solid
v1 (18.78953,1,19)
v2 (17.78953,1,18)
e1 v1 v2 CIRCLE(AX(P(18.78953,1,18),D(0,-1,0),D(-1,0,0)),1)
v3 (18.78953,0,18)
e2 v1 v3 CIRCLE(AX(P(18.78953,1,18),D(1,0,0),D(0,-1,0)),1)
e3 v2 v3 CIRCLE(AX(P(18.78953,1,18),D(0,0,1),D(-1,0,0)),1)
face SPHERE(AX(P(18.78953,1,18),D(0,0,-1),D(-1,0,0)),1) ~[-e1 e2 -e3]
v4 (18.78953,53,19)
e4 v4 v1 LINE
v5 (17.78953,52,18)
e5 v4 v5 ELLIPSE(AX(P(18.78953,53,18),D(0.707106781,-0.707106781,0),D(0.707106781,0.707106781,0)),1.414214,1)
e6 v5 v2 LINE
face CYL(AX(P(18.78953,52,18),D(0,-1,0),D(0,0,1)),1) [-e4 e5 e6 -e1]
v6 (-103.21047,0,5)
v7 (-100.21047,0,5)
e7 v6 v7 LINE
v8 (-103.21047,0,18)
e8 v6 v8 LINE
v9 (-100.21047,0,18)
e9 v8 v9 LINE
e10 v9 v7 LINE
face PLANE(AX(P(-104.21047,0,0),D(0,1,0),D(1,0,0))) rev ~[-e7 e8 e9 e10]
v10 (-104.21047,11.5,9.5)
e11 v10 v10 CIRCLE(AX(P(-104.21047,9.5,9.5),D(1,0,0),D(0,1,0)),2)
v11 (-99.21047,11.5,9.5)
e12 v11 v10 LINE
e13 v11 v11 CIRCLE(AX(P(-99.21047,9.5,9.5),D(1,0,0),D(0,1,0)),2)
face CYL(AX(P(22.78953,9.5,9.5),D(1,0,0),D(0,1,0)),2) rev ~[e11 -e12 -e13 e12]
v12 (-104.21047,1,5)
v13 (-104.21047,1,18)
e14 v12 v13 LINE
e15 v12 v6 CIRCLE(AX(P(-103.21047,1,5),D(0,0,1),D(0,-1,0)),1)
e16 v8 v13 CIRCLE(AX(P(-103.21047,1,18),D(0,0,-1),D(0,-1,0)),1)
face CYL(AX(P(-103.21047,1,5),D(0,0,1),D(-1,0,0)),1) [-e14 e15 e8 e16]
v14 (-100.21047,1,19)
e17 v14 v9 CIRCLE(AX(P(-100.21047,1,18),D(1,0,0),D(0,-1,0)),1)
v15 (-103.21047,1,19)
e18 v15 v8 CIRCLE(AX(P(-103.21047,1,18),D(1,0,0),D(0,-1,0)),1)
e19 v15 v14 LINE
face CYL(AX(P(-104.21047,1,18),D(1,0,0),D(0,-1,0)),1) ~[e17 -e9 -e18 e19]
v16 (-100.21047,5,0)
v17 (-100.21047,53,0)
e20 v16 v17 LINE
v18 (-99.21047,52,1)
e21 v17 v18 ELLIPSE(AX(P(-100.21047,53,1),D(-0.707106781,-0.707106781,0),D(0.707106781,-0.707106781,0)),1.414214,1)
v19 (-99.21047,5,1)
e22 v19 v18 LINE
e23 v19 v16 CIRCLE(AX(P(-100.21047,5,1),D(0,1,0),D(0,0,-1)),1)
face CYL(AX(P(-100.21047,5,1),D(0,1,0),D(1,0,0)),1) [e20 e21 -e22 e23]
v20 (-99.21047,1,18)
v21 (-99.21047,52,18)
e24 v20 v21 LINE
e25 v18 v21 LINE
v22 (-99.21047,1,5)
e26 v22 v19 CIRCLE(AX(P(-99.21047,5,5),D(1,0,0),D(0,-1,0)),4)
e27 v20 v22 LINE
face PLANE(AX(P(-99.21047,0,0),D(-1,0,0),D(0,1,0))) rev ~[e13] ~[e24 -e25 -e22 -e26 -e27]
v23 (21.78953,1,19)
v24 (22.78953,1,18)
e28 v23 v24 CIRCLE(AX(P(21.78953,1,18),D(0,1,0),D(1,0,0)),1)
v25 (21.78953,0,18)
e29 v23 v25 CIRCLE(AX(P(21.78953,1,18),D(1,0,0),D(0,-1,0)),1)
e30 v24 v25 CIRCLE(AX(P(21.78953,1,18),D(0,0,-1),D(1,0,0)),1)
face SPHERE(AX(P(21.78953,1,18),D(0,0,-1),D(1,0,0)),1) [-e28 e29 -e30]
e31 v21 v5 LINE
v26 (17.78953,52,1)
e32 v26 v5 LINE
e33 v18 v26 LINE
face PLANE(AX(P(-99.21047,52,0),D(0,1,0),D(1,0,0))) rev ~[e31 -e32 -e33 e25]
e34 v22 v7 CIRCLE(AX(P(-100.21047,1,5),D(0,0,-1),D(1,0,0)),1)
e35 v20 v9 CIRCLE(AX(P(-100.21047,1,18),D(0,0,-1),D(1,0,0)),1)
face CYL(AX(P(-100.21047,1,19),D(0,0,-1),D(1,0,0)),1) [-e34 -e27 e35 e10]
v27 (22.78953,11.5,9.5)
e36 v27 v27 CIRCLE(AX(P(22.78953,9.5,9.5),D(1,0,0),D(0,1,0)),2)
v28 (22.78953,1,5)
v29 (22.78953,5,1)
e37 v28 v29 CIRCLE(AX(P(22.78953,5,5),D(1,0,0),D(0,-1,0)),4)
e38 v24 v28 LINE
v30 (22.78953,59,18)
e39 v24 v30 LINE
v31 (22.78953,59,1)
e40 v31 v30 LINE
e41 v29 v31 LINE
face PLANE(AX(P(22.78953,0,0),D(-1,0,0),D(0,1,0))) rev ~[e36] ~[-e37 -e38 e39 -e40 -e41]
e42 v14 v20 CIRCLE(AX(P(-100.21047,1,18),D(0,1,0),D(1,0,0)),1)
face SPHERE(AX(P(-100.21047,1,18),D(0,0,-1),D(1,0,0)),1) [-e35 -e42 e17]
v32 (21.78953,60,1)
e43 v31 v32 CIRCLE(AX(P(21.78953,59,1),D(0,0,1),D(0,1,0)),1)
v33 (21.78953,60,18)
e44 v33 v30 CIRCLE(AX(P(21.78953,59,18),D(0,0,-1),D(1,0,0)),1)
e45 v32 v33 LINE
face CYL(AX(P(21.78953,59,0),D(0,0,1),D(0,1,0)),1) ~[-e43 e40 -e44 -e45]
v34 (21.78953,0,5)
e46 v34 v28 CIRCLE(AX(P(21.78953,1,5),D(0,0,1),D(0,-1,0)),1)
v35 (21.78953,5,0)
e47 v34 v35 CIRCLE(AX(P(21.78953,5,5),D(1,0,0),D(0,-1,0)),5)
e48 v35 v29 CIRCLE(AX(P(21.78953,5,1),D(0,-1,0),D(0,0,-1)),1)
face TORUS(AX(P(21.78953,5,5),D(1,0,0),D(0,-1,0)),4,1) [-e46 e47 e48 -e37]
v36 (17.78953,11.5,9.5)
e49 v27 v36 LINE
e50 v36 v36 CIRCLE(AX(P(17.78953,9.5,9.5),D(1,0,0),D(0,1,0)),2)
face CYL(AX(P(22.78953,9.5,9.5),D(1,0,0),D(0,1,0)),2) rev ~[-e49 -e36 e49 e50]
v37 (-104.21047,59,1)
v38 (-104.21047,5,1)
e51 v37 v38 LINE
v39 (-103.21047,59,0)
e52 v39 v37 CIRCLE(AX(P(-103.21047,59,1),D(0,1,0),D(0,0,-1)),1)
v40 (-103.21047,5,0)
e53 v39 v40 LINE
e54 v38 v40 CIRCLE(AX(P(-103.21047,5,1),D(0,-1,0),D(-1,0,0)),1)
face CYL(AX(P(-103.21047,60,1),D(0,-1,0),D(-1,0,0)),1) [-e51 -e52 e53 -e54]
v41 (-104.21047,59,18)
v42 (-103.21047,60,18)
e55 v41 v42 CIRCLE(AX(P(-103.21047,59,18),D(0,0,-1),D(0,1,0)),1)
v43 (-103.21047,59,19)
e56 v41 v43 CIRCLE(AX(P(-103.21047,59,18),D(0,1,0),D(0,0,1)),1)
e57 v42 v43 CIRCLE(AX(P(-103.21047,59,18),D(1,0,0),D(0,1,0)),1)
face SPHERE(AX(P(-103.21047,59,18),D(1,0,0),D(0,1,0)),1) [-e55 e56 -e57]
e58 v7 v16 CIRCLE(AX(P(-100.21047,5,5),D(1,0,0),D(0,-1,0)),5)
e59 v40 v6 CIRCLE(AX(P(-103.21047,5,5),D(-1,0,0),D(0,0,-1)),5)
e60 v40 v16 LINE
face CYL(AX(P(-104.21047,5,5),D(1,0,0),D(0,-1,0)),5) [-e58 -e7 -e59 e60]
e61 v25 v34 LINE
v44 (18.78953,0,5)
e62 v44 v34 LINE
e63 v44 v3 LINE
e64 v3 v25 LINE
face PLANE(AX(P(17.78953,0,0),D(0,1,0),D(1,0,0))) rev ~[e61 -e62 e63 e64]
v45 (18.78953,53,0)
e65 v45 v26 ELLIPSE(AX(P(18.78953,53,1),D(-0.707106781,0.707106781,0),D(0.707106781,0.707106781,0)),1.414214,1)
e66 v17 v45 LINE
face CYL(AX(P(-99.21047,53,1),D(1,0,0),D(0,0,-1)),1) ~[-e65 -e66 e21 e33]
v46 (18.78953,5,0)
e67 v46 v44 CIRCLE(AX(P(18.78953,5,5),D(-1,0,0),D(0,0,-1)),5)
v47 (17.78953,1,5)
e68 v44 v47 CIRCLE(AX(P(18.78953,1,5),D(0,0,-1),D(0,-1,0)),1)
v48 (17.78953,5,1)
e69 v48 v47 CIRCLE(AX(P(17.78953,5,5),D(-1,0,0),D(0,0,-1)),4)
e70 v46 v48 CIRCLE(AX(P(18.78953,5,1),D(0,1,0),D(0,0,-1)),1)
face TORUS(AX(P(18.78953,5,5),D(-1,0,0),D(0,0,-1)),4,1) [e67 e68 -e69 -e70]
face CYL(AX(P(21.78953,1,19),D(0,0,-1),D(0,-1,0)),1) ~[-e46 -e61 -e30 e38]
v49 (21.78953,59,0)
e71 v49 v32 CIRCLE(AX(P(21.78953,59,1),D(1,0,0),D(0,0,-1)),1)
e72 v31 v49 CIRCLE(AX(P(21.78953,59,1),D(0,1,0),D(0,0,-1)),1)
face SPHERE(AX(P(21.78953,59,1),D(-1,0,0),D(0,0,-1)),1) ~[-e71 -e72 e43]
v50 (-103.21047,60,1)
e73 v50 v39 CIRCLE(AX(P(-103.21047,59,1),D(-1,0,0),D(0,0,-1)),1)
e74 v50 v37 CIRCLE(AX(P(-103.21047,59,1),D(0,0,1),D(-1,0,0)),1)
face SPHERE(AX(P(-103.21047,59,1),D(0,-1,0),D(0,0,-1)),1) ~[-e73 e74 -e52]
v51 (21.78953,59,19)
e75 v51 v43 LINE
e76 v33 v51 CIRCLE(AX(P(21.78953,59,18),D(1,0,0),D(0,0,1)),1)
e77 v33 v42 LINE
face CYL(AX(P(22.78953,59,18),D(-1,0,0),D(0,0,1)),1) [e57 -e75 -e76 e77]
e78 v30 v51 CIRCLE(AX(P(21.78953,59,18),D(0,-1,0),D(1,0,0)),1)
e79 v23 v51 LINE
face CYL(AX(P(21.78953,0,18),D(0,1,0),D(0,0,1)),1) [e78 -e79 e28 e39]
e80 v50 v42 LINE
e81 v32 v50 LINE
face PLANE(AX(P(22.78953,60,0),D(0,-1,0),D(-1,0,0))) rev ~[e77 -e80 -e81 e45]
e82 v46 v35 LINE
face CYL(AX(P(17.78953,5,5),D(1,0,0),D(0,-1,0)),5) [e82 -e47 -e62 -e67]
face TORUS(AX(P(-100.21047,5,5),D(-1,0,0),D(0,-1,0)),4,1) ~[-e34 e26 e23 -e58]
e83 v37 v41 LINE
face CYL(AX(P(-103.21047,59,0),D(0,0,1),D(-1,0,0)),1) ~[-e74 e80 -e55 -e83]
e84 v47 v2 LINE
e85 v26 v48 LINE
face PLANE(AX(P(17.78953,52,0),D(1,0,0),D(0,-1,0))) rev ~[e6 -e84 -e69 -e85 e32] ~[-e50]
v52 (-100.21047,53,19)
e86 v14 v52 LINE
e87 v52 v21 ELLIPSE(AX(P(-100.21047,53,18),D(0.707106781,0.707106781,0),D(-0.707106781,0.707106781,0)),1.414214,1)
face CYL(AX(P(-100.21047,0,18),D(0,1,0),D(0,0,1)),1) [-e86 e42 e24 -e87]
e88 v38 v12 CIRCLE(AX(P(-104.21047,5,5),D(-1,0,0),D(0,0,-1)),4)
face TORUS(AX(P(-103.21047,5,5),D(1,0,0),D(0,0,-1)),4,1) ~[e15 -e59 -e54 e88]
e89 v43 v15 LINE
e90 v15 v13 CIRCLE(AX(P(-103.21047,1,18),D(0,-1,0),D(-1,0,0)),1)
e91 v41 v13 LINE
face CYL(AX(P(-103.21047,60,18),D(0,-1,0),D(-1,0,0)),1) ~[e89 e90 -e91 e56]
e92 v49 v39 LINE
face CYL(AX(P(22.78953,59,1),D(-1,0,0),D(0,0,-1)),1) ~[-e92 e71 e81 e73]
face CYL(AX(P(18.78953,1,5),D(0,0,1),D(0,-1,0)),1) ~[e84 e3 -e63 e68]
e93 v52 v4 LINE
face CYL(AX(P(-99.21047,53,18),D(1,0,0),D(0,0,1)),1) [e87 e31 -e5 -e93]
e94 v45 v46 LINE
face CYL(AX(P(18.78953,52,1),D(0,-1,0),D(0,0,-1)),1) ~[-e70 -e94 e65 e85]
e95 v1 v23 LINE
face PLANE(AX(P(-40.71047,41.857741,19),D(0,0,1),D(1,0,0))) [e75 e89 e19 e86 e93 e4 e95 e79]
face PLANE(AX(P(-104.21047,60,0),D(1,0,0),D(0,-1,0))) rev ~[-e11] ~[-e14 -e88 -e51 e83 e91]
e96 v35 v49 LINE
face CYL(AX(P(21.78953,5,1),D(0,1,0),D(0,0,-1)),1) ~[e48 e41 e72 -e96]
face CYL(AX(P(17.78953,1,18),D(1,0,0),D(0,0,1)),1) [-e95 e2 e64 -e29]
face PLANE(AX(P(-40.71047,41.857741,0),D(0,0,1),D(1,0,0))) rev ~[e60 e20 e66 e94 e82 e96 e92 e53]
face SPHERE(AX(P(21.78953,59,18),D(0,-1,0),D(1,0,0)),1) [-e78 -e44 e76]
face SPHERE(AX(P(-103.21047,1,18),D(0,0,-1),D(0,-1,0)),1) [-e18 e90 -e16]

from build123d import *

# Parameters (mm, degrees)
PAD_DEPTH    = 19
FILLET_R     = 5
FILLET001_R  = 1
SKETCH001_R  = 2
POCKET_DEPTH = 127.001


with BuildPart() as part:
    # Sketch → Pad (new body)
    with BuildSketch(Plane.XY):
        Polygon((-104.21047, 0), (-99.21047, 0), (-99.21047, 52), (17.78953, 52), (17.78953, 0), (22.78953, 0), (22.78953, 60), (-104.21047, 60), align=None)
    extrude(amount=PAD_DEPTH)

    # Fillet
    fillet_edges = [part.edges().sort_by_distance(p)[0] for p in [
        (-101.71047, 0, 0),
        (20.28953, 0, 0),
    ]]
    fillet(fillet_edges, radius=FILLET_R)

    # Fillet001
    fillet001_edges = [part.edges().sort_by_distance(p)[0] for p in [
        (-40.71047, 52, 0),
        (17.78953, 28.5, 0),
        (-99.21047, 28.5, 0),
        (-99.21047, 26, 19),
        (-40.71047, 52, 19),
        (-104.21047, 32.5, 0),
        (-40.71047, 60, 0),
        (22.78953, 32.5, 0),
        (22.78953, 1.464466, 1.464466),
        (17.78953, 1.464466, 1.464466),
        (22.78953, 30, 19),
        (22.78953, 60, 9.5),
        (-40.71047, 60, 19),
        (-104.21047, 60, 9.5),
        (17.78953, 26, 19),
        (20.28953, 0, 19),
        (-101.71047, 0, 19),
        (-104.21047, 0, 12),
        (-99.21047, 0, 12),
        (-104.21047, 30, 19),
        (22.78953, 0, 12),
        (17.78953, 0, 12),
        (-104.21047, 1.464466, 1.464466),
        (-99.21047, 1.464466, 1.464466),
    ]]
    fillet(fillet001_edges, radius=FILLET001_R)

    # Sketch001 → Pocket (cut, through all)
    with BuildSketch(Plane.YZ.offset(22.78953)):
        with Locations((9.5, 9.5)):
            Circle(SKETCH001_R)
    extrude(amount=-POCKET_DEPTH, mode=Mode.SUBTRACT)


solid = part.part
